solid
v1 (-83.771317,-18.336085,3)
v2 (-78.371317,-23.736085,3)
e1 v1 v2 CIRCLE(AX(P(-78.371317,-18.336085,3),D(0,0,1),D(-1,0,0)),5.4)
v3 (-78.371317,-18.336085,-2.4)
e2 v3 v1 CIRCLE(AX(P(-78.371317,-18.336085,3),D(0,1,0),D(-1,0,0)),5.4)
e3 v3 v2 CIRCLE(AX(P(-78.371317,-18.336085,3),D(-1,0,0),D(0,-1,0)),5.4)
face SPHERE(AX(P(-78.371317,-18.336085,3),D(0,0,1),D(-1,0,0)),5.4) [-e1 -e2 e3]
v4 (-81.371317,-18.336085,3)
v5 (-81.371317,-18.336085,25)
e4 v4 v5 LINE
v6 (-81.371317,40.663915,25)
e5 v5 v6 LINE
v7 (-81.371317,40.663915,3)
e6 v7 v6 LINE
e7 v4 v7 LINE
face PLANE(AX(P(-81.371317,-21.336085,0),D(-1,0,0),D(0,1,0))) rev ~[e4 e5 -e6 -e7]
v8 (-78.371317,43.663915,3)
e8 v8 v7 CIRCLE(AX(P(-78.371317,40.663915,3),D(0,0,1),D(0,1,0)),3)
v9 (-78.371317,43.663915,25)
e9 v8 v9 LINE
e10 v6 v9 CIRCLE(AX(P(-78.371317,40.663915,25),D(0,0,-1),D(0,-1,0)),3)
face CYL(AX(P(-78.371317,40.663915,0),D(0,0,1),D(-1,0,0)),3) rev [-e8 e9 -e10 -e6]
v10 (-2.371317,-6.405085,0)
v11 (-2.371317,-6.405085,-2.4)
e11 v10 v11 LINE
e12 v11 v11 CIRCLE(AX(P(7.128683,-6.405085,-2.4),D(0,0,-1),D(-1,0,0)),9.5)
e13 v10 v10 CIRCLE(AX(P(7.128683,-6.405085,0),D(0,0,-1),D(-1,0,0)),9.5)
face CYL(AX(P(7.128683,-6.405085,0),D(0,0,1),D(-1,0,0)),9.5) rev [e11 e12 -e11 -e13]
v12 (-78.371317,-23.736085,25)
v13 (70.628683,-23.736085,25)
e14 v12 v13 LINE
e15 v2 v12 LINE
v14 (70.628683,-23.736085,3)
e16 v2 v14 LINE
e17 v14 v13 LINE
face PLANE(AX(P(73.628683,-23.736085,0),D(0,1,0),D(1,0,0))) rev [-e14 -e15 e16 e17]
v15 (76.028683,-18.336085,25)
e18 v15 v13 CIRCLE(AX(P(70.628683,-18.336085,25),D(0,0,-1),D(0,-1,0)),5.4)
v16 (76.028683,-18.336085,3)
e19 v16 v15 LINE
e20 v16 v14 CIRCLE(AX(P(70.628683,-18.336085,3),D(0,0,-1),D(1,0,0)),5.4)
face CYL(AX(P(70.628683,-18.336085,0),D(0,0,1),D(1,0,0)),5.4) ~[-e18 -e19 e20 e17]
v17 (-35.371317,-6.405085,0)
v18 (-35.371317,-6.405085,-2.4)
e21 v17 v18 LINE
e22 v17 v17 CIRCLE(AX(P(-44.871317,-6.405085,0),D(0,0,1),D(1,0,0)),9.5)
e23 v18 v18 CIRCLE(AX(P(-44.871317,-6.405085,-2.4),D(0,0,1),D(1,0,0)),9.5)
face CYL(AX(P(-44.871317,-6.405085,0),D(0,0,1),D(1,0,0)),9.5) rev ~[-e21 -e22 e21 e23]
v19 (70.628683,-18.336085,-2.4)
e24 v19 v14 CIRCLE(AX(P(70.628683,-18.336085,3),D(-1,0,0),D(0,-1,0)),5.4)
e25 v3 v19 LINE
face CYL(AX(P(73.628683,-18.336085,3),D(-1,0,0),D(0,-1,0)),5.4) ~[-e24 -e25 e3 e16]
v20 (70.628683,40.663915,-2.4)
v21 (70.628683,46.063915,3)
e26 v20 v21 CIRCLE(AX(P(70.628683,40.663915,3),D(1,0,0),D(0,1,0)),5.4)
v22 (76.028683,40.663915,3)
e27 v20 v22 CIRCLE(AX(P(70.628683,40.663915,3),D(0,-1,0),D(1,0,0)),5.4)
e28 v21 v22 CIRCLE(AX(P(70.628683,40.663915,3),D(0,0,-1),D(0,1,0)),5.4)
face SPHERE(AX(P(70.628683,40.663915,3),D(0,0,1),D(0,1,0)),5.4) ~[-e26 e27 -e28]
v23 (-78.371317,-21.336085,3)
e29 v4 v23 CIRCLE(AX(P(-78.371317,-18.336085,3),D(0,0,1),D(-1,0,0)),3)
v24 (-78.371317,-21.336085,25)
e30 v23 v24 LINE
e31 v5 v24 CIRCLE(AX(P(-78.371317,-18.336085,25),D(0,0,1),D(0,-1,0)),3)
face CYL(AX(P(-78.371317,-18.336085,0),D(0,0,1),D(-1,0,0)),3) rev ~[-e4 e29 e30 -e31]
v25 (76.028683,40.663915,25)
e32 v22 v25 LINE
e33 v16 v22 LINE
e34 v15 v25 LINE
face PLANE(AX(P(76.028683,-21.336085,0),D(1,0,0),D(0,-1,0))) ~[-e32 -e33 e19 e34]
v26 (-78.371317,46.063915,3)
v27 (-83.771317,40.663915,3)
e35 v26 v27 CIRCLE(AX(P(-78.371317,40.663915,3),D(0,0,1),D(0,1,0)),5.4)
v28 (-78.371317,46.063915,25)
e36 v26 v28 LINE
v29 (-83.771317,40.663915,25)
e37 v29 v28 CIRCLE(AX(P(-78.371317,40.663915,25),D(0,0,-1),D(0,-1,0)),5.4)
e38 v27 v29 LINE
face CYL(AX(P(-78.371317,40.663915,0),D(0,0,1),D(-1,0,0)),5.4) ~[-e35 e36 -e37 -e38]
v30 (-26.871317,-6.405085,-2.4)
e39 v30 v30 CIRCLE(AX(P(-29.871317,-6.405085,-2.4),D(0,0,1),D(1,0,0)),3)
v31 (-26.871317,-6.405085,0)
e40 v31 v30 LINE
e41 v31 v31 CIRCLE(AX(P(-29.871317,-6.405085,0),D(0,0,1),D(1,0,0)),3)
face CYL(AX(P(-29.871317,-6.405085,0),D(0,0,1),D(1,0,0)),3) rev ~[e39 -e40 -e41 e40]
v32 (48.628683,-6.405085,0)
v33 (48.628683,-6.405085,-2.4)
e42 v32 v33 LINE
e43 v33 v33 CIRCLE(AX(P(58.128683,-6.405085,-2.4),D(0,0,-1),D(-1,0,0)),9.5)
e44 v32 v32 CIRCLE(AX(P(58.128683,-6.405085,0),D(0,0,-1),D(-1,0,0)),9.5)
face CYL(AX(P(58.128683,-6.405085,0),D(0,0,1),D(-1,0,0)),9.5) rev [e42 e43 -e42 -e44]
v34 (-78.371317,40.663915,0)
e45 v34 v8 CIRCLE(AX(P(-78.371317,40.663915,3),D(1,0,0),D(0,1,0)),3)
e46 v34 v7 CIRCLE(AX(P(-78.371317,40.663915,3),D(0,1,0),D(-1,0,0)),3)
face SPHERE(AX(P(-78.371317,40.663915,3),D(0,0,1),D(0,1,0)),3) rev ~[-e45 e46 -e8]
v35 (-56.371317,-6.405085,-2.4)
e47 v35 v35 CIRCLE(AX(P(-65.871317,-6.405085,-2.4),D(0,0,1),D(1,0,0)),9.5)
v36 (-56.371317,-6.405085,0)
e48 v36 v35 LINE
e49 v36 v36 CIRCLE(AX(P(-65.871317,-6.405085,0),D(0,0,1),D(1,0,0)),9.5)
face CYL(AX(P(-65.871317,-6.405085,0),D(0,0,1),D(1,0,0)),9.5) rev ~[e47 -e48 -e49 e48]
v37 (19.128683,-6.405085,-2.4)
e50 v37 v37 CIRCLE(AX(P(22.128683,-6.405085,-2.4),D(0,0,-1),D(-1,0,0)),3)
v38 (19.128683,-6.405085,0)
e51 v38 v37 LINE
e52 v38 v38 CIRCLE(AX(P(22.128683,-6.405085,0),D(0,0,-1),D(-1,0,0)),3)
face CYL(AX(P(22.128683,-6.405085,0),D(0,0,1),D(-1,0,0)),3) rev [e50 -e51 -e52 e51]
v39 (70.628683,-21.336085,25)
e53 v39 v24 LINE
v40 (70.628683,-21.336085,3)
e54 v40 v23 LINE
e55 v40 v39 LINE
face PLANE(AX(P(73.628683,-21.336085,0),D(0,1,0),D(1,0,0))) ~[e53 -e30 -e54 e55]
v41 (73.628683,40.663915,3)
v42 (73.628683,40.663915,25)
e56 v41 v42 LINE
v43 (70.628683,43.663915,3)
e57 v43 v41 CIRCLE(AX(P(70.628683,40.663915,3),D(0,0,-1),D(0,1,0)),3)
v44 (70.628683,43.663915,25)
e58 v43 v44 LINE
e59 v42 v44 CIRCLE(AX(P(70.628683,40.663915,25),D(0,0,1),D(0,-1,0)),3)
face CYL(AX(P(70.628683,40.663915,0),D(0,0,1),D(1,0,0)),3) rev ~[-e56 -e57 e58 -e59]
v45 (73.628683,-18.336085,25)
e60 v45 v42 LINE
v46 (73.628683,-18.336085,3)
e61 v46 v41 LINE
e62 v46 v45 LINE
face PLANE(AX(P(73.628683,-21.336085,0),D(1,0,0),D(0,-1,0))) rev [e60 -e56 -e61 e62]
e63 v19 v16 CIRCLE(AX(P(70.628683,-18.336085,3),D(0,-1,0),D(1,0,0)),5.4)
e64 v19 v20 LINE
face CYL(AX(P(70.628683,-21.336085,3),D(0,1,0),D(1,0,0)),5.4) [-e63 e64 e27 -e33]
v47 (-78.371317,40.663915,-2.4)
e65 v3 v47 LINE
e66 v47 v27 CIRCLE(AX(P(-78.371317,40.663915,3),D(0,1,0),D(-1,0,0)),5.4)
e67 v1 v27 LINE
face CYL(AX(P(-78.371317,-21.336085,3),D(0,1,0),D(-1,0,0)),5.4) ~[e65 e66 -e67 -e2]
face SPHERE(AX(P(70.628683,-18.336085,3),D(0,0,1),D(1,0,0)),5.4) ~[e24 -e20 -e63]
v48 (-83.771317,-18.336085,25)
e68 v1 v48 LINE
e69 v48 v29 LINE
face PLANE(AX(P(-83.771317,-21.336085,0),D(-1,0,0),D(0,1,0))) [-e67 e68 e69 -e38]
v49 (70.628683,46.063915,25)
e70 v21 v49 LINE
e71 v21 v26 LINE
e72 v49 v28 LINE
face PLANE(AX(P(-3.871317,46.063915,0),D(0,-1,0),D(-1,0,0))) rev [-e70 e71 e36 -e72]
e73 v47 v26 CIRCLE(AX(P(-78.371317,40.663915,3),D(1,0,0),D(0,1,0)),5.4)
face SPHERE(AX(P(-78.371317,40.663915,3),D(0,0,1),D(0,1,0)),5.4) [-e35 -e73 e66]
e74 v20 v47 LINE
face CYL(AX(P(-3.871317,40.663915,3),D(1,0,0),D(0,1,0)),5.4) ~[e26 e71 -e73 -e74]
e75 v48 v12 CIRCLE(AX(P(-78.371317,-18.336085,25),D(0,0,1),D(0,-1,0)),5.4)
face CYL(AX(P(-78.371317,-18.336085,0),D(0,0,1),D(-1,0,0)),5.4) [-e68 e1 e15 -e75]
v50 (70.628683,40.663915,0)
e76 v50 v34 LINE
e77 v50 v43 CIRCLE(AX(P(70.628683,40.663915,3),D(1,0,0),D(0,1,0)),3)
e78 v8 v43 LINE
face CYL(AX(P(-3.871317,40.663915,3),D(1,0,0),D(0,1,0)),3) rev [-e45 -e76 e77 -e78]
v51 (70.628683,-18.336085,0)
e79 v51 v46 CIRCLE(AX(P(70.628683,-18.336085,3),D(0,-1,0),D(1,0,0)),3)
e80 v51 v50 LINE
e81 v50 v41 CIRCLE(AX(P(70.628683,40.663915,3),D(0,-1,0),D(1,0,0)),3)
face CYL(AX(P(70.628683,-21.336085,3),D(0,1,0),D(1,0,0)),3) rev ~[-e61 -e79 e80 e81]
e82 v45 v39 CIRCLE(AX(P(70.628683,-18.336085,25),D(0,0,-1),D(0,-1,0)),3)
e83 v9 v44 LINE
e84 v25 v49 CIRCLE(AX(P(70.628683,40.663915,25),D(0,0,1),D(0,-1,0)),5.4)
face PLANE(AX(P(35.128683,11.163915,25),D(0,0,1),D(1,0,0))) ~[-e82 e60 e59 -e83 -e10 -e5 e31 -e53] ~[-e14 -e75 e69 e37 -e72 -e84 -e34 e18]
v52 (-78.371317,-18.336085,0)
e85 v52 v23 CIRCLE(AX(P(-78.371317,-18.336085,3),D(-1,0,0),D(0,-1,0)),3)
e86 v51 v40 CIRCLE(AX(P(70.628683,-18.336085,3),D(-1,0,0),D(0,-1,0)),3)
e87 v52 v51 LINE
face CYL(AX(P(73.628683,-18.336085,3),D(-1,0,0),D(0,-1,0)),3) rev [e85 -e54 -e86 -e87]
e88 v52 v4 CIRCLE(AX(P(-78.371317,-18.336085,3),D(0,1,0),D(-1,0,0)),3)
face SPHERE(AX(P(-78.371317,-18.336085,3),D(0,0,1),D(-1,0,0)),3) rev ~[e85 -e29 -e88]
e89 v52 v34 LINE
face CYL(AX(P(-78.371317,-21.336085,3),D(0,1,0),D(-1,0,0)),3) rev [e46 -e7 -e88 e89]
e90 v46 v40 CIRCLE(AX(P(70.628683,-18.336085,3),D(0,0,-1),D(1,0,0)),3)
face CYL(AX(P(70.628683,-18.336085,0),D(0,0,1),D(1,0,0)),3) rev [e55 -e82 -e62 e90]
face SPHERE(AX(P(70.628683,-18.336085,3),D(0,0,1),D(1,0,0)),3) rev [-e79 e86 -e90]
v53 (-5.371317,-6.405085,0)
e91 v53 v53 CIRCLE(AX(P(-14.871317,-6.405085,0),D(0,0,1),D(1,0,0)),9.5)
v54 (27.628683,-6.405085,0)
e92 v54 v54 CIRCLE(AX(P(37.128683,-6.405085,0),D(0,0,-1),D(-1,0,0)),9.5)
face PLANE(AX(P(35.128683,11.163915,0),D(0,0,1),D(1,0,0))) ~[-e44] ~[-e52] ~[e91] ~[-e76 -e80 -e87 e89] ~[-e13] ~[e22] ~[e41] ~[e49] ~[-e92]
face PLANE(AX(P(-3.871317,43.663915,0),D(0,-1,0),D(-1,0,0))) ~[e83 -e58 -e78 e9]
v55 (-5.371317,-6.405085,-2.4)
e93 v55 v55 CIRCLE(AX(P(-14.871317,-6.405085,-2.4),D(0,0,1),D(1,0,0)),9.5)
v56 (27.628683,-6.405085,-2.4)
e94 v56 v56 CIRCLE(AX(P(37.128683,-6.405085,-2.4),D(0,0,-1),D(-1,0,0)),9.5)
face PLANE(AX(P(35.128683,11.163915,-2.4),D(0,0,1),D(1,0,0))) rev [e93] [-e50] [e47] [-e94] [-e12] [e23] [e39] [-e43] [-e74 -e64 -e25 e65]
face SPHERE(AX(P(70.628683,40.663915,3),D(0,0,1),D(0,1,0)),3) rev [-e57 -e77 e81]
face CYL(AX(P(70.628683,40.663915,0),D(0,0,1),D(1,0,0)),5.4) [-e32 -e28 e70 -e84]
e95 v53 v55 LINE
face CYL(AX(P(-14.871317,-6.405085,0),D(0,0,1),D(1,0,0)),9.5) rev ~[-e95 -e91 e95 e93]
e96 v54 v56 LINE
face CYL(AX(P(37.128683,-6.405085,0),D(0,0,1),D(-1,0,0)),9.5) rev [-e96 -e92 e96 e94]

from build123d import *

# Parameters (mm, degrees)
F0_W     = 77
F0_H     = 65
F0_R     = 9.5
F0_R_2   = 3
F0_W_2   = 0.5
F1_DEPTH = 25
F2_R     = 3
F3_T     = 2.4
F4_DEPTH = 2.4
F5_W     = 2.4
F5_H     = 69.8
F6_DEPTH = 27.078461


with BuildPart() as f1:
    # F0 (on Top) → F1 (new body)
    with BuildSketch(Plane.XY):
        with Locations((-42.871317, 11.163915)):
            Rectangle(F0_W, F0_H)
        with Locations((-65.871317, -6.405085)):
            Circle(F0_R, mode=Mode.SUBTRACT)
        with Locations((-44.871317, -6.405085)):
            Circle(F0_R, mode=Mode.SUBTRACT)
        with Locations((-29.871317, -6.405085)):
            Circle(F0_R_2, mode=Mode.SUBTRACT)
        with Locations((-14.871317, -6.405085)):
            Circle(F0_R, mode=Mode.SUBTRACT)
        with Locations((-65.871317, -6.405085)):
            Circle(F0_R)
        with Locations((-44.871317, -6.405085)):
            Circle(F0_R)
        with Locations((-29.871317, -6.405085)):
            Circle(F0_R_2)
        with Locations((-14.871317, -6.405085)):
            Circle(F0_R)
        with Locations((-4.121317, 11.163915)):
            Rectangle(F0_W_2, F0_H)
    extrude(amount=F1_DEPTH)

    # F2
    f2_edges = [f1.edges().sort_by_distance(p)[0] for p in [
        (-81.371317, -21.336085, 12.5),
        (-81.371317, 43.663915, 12.5),
        (-42.621317, 43.663915, 0),
        (-81.371317, 11.163915, 0),
        (-42.621317, -21.336085, 0),
    ]]
    fillet(f2_edges, radius=F2_R)

    # F3
    f3_openings = [f1.faces().sort_by_distance(p)[0] for p in [
        (-42.592095, 11.163915, 25),
    ]]
    offset(amount=F3_T, openings=f3_openings)

    # F0 (on Top) → F4 (cut, through all)
    with BuildSketch(Plane.XY):
        with Locations((-14.871317, -6.405085)):
            Circle(F0_R)
        with Locations((-29.871317, -6.405085)):
            Circle(F0_R_2)
        with Locations((-44.871317, -6.405085)):
            Circle(F0_R)
        with Locations((-65.871317, -6.405085)):
            Circle(F0_R)
    extrude(amount=-F4_DEPTH, mode=Mode.SUBTRACT)

    # F5 (on face) → F6 (cut, through all)
    with BuildSketch(Plane.XY.offset(25)):
        with Locations((-2.671317, 11.163915)):
            Rectangle(F5_W, F5_H)
    extrude(amount=-F6_DEPTH, mode=Mode.SUBTRACT)

    # F7: F1 across face


with BuildPart() as f1_1:
    add(f1.part)
    add(f1.part.mirror(Plane(origin=(-3.871317, 11.163915, 5.251674), x_dir=(0, 1, 0), z_dir=(1, 0, 0))))


solid = f1_1.part
